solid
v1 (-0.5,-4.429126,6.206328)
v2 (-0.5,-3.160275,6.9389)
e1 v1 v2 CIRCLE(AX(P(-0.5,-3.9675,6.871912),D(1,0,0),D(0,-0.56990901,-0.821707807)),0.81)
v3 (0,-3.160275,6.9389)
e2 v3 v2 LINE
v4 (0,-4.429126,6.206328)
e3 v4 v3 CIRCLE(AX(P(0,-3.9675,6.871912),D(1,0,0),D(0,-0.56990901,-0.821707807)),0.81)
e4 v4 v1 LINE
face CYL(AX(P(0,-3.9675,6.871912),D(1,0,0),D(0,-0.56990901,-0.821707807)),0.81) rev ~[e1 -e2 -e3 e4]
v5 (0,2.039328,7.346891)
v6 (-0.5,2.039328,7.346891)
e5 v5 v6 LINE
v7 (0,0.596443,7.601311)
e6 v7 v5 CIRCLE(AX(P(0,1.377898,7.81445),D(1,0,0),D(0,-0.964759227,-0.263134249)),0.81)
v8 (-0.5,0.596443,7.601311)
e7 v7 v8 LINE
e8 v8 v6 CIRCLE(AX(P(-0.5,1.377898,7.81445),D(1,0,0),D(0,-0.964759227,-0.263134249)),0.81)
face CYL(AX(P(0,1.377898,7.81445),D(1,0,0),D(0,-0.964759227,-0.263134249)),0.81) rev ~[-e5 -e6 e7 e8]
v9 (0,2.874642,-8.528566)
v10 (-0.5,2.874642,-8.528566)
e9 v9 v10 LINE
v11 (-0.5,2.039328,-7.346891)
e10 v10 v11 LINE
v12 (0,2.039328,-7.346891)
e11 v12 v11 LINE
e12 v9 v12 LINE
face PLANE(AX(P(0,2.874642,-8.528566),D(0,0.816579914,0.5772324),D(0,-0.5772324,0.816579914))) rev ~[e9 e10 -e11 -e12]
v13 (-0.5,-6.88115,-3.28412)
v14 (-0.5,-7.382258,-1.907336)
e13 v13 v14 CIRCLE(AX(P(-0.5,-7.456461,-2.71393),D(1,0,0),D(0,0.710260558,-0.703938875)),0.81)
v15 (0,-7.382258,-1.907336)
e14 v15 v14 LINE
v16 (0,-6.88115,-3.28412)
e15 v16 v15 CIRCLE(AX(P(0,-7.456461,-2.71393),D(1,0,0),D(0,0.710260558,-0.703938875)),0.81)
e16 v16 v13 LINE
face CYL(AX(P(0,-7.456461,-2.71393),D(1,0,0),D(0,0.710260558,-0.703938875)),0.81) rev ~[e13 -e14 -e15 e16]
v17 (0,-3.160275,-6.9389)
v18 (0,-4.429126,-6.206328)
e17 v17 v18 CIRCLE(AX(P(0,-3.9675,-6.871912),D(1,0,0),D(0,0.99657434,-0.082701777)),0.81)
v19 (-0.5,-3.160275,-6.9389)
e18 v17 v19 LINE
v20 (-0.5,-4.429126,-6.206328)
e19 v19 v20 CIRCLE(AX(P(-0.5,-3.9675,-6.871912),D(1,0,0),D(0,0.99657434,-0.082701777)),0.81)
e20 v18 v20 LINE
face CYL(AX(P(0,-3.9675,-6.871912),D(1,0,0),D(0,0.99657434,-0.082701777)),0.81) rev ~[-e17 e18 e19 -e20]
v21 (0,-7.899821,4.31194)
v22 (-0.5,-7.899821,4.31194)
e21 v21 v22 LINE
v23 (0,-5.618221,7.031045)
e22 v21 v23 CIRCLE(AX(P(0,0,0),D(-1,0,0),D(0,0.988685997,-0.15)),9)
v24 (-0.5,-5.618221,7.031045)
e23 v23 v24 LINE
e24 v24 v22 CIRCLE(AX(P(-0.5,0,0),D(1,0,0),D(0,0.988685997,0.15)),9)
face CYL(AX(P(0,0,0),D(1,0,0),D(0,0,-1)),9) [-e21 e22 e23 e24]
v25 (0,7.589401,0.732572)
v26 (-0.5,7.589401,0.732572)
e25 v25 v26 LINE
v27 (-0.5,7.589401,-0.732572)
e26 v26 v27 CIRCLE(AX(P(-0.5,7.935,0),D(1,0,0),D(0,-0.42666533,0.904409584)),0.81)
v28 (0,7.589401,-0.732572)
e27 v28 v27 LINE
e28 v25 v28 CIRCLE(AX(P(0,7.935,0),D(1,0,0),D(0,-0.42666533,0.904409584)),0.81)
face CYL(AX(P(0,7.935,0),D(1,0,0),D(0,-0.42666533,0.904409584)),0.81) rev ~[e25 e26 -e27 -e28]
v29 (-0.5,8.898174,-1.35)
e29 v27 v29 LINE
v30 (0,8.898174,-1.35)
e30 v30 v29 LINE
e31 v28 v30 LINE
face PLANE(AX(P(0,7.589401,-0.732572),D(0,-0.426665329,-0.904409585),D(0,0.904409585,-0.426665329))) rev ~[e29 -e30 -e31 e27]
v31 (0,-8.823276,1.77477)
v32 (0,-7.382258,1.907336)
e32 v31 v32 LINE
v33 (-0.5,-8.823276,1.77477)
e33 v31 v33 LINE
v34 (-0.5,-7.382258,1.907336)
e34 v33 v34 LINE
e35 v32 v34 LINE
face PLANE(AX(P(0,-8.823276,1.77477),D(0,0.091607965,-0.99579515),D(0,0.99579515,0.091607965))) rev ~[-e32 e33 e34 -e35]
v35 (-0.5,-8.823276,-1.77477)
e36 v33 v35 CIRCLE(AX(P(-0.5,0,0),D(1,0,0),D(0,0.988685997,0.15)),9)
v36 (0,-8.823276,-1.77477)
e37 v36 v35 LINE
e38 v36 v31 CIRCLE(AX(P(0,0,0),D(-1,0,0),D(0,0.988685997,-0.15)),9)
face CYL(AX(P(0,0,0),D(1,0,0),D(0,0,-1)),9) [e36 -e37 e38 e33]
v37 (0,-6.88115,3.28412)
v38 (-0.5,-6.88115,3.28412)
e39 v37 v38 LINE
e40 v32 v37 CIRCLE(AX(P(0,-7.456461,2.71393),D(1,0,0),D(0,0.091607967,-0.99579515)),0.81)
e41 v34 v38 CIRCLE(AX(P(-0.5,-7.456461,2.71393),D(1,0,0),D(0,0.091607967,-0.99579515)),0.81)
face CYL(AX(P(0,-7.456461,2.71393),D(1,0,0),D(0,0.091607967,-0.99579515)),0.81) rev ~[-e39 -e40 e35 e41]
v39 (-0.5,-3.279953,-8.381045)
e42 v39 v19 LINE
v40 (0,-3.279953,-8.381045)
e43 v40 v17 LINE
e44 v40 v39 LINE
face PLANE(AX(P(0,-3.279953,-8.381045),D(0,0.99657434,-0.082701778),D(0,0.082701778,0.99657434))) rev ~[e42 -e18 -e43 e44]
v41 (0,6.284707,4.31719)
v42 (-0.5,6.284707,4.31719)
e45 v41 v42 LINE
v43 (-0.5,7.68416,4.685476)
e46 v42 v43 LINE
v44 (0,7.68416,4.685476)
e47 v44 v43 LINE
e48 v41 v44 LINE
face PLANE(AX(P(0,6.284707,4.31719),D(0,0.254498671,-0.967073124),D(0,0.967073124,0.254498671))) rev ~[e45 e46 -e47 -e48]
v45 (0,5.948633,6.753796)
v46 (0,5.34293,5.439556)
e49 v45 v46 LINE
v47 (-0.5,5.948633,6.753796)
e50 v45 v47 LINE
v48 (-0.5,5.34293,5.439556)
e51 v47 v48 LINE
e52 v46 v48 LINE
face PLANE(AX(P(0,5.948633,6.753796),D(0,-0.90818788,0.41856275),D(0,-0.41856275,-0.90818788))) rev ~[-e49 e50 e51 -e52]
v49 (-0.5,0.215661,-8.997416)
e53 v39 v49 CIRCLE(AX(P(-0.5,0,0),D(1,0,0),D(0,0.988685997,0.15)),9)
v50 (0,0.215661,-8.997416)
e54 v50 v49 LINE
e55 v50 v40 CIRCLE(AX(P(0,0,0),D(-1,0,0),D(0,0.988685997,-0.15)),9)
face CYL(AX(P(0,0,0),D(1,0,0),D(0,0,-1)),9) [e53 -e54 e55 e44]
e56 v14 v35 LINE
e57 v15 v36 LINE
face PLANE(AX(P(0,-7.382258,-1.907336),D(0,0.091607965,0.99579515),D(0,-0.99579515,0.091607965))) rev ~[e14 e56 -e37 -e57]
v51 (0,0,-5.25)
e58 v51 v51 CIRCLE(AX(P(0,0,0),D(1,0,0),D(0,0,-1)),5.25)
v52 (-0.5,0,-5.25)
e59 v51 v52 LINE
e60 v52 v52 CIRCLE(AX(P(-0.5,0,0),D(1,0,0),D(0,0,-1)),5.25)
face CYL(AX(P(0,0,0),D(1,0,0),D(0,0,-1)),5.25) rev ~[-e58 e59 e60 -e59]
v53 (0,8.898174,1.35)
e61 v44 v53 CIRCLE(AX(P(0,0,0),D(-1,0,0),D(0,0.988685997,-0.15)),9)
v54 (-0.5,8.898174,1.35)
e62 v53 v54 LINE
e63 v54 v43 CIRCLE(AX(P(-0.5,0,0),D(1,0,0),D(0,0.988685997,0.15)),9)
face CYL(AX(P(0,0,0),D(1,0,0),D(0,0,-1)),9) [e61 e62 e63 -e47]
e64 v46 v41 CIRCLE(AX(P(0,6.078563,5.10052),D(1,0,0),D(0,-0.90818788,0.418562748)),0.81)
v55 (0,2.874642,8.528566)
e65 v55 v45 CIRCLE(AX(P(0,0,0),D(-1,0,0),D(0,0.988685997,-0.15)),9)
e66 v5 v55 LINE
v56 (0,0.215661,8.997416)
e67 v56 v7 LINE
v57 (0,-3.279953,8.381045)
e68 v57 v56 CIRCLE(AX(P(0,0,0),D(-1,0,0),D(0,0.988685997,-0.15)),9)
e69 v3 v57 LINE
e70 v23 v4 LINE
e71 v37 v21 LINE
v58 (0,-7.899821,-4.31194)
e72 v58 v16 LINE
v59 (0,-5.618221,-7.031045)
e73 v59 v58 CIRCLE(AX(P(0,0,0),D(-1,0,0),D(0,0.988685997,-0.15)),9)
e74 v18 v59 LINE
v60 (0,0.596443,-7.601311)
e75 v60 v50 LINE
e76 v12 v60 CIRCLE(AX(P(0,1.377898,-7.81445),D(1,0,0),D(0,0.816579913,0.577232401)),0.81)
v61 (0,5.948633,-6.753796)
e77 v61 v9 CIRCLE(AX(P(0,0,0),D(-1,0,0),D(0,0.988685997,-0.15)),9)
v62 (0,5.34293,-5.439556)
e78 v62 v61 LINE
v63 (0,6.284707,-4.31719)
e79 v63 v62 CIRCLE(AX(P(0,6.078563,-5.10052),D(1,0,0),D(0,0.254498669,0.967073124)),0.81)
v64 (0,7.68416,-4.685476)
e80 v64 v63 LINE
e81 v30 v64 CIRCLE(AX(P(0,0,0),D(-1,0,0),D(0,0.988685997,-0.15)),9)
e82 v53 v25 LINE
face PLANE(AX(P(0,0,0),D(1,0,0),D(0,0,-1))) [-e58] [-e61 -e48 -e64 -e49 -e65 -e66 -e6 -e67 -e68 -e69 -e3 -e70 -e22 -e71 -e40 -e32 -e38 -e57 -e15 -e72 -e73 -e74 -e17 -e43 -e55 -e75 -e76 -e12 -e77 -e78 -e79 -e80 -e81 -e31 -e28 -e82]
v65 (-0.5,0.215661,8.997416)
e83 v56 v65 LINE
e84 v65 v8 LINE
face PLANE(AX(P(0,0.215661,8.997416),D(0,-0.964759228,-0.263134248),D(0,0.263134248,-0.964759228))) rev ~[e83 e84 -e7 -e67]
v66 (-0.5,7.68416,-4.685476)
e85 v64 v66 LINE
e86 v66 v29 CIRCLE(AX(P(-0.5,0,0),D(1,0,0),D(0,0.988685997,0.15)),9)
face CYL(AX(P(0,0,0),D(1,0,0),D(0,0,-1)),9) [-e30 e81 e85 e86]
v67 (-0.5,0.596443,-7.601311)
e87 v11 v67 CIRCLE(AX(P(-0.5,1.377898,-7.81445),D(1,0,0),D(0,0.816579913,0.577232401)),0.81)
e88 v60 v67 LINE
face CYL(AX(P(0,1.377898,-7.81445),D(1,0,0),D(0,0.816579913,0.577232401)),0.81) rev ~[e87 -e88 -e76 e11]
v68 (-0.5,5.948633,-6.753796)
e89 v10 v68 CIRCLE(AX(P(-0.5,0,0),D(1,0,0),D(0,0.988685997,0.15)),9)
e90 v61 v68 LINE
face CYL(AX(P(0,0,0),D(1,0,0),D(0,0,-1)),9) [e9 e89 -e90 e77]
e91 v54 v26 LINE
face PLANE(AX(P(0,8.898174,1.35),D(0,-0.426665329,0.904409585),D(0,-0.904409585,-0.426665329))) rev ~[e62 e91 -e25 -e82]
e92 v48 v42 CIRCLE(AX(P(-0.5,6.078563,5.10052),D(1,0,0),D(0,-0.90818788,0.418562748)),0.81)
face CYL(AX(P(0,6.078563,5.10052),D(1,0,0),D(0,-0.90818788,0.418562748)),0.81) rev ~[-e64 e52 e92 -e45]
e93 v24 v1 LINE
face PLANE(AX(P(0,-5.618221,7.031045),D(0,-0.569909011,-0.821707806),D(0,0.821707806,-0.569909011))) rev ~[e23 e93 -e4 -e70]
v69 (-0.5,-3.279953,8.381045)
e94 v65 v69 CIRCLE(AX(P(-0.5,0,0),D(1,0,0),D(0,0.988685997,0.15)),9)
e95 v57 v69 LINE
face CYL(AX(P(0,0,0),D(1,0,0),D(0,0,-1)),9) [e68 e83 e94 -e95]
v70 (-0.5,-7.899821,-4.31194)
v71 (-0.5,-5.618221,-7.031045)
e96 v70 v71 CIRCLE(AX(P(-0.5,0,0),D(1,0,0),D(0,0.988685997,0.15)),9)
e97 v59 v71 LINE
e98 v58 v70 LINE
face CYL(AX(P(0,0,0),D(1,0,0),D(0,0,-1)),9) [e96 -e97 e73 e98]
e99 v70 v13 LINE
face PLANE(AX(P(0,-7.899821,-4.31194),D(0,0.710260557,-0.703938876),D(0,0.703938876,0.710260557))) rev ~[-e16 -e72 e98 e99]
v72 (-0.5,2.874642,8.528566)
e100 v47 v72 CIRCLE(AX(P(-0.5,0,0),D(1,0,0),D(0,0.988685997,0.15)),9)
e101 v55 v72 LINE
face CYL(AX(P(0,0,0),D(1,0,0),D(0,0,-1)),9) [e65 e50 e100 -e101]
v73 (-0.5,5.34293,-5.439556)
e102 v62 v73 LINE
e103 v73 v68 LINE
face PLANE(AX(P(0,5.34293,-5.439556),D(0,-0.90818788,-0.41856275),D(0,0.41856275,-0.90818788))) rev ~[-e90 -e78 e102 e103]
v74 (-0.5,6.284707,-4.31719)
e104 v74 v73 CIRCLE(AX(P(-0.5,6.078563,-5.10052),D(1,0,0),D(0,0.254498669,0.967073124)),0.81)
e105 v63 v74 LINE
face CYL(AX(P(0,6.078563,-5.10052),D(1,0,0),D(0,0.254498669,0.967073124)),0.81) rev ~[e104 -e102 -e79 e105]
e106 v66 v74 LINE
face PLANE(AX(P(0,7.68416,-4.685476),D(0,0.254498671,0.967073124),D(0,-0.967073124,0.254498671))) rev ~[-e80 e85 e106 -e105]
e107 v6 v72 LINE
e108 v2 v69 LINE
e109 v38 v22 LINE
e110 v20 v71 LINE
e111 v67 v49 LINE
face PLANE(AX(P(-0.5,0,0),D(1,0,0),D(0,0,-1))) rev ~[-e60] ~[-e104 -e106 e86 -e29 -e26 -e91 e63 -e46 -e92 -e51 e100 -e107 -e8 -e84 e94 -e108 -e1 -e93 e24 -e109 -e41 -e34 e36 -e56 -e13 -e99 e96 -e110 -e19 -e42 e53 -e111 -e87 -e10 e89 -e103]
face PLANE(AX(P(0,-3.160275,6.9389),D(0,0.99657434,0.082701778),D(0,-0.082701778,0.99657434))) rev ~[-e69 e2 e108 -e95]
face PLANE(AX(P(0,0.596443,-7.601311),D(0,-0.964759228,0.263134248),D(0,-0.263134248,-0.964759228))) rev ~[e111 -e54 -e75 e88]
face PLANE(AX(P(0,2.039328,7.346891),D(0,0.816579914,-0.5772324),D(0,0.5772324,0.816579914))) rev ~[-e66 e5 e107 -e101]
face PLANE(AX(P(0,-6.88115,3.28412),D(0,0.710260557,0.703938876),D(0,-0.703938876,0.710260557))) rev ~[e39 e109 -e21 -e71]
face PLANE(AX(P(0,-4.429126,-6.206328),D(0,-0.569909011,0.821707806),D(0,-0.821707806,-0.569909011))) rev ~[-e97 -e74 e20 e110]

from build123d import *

# Parameters (mm, degrees)
SKETCH1_R          = 9
SKETCH1_R_2        = 5.25
BASE_EXTRUDE_DEPTH = 0.5
TYPEASLOT_DEPTH    = 13.737739203
TYPEAPATTERN_COUNT = 9


with BuildPart() as part:
    # Sketch1 → Base-Extrude (new body)
    with BuildSketch(Plane(origin=(0, 0, 0), x_dir=(0, 0, -1), z_dir=(1, 0, 0))):
        Circle(SKETCH1_R)
        Circle(SKETCH1_R_2, mode=Mode.SUBTRACT)
    extrude(amount=-BASE_EXTRUDE_DEPTH)

    # Sketch3 → TypeASlot (cut, through all)
    with BuildSketch(Plane(origin=(0, 0, 0), x_dir=(0, 0, -1), z_dir=(1, 0, 0))):
        with BuildLine():
            Line((0.732571764, 7.589401083), (1.35, 8.89817397))
            Line((1.35, 8.89817397), (1.35, 9.70817397))
            Line((1.35, 9.70817397), (-1.35, 9.70817397))
            Line((-1.35, 9.70817397), (-1.35, 8.89817397))
            Line((-1.35, 8.89817397), (-0.732571764, 7.589401083))
            ThreePointArc((-0.732571764, 7.589401083), (0, 7.125), (0.732571764, 7.589401083))
        make_face()
    typeaslot = extrude(amount=-TYPEASLOT_DEPTH, mode=Mode.SUBTRACT)

    # TypeAPattern: TypeASlot ×9 about axis
    typeapattern_axis = Axis((0, 0, 0), (1, 0, 0))
    for i in range(1, TYPEAPATTERN_COUNT):
        add(typeaslot.rotate(typeapattern_axis, i * 360 / TYPEAPATTERN_COUNT), mode=Mode.SUBTRACT)


solid = part.part
